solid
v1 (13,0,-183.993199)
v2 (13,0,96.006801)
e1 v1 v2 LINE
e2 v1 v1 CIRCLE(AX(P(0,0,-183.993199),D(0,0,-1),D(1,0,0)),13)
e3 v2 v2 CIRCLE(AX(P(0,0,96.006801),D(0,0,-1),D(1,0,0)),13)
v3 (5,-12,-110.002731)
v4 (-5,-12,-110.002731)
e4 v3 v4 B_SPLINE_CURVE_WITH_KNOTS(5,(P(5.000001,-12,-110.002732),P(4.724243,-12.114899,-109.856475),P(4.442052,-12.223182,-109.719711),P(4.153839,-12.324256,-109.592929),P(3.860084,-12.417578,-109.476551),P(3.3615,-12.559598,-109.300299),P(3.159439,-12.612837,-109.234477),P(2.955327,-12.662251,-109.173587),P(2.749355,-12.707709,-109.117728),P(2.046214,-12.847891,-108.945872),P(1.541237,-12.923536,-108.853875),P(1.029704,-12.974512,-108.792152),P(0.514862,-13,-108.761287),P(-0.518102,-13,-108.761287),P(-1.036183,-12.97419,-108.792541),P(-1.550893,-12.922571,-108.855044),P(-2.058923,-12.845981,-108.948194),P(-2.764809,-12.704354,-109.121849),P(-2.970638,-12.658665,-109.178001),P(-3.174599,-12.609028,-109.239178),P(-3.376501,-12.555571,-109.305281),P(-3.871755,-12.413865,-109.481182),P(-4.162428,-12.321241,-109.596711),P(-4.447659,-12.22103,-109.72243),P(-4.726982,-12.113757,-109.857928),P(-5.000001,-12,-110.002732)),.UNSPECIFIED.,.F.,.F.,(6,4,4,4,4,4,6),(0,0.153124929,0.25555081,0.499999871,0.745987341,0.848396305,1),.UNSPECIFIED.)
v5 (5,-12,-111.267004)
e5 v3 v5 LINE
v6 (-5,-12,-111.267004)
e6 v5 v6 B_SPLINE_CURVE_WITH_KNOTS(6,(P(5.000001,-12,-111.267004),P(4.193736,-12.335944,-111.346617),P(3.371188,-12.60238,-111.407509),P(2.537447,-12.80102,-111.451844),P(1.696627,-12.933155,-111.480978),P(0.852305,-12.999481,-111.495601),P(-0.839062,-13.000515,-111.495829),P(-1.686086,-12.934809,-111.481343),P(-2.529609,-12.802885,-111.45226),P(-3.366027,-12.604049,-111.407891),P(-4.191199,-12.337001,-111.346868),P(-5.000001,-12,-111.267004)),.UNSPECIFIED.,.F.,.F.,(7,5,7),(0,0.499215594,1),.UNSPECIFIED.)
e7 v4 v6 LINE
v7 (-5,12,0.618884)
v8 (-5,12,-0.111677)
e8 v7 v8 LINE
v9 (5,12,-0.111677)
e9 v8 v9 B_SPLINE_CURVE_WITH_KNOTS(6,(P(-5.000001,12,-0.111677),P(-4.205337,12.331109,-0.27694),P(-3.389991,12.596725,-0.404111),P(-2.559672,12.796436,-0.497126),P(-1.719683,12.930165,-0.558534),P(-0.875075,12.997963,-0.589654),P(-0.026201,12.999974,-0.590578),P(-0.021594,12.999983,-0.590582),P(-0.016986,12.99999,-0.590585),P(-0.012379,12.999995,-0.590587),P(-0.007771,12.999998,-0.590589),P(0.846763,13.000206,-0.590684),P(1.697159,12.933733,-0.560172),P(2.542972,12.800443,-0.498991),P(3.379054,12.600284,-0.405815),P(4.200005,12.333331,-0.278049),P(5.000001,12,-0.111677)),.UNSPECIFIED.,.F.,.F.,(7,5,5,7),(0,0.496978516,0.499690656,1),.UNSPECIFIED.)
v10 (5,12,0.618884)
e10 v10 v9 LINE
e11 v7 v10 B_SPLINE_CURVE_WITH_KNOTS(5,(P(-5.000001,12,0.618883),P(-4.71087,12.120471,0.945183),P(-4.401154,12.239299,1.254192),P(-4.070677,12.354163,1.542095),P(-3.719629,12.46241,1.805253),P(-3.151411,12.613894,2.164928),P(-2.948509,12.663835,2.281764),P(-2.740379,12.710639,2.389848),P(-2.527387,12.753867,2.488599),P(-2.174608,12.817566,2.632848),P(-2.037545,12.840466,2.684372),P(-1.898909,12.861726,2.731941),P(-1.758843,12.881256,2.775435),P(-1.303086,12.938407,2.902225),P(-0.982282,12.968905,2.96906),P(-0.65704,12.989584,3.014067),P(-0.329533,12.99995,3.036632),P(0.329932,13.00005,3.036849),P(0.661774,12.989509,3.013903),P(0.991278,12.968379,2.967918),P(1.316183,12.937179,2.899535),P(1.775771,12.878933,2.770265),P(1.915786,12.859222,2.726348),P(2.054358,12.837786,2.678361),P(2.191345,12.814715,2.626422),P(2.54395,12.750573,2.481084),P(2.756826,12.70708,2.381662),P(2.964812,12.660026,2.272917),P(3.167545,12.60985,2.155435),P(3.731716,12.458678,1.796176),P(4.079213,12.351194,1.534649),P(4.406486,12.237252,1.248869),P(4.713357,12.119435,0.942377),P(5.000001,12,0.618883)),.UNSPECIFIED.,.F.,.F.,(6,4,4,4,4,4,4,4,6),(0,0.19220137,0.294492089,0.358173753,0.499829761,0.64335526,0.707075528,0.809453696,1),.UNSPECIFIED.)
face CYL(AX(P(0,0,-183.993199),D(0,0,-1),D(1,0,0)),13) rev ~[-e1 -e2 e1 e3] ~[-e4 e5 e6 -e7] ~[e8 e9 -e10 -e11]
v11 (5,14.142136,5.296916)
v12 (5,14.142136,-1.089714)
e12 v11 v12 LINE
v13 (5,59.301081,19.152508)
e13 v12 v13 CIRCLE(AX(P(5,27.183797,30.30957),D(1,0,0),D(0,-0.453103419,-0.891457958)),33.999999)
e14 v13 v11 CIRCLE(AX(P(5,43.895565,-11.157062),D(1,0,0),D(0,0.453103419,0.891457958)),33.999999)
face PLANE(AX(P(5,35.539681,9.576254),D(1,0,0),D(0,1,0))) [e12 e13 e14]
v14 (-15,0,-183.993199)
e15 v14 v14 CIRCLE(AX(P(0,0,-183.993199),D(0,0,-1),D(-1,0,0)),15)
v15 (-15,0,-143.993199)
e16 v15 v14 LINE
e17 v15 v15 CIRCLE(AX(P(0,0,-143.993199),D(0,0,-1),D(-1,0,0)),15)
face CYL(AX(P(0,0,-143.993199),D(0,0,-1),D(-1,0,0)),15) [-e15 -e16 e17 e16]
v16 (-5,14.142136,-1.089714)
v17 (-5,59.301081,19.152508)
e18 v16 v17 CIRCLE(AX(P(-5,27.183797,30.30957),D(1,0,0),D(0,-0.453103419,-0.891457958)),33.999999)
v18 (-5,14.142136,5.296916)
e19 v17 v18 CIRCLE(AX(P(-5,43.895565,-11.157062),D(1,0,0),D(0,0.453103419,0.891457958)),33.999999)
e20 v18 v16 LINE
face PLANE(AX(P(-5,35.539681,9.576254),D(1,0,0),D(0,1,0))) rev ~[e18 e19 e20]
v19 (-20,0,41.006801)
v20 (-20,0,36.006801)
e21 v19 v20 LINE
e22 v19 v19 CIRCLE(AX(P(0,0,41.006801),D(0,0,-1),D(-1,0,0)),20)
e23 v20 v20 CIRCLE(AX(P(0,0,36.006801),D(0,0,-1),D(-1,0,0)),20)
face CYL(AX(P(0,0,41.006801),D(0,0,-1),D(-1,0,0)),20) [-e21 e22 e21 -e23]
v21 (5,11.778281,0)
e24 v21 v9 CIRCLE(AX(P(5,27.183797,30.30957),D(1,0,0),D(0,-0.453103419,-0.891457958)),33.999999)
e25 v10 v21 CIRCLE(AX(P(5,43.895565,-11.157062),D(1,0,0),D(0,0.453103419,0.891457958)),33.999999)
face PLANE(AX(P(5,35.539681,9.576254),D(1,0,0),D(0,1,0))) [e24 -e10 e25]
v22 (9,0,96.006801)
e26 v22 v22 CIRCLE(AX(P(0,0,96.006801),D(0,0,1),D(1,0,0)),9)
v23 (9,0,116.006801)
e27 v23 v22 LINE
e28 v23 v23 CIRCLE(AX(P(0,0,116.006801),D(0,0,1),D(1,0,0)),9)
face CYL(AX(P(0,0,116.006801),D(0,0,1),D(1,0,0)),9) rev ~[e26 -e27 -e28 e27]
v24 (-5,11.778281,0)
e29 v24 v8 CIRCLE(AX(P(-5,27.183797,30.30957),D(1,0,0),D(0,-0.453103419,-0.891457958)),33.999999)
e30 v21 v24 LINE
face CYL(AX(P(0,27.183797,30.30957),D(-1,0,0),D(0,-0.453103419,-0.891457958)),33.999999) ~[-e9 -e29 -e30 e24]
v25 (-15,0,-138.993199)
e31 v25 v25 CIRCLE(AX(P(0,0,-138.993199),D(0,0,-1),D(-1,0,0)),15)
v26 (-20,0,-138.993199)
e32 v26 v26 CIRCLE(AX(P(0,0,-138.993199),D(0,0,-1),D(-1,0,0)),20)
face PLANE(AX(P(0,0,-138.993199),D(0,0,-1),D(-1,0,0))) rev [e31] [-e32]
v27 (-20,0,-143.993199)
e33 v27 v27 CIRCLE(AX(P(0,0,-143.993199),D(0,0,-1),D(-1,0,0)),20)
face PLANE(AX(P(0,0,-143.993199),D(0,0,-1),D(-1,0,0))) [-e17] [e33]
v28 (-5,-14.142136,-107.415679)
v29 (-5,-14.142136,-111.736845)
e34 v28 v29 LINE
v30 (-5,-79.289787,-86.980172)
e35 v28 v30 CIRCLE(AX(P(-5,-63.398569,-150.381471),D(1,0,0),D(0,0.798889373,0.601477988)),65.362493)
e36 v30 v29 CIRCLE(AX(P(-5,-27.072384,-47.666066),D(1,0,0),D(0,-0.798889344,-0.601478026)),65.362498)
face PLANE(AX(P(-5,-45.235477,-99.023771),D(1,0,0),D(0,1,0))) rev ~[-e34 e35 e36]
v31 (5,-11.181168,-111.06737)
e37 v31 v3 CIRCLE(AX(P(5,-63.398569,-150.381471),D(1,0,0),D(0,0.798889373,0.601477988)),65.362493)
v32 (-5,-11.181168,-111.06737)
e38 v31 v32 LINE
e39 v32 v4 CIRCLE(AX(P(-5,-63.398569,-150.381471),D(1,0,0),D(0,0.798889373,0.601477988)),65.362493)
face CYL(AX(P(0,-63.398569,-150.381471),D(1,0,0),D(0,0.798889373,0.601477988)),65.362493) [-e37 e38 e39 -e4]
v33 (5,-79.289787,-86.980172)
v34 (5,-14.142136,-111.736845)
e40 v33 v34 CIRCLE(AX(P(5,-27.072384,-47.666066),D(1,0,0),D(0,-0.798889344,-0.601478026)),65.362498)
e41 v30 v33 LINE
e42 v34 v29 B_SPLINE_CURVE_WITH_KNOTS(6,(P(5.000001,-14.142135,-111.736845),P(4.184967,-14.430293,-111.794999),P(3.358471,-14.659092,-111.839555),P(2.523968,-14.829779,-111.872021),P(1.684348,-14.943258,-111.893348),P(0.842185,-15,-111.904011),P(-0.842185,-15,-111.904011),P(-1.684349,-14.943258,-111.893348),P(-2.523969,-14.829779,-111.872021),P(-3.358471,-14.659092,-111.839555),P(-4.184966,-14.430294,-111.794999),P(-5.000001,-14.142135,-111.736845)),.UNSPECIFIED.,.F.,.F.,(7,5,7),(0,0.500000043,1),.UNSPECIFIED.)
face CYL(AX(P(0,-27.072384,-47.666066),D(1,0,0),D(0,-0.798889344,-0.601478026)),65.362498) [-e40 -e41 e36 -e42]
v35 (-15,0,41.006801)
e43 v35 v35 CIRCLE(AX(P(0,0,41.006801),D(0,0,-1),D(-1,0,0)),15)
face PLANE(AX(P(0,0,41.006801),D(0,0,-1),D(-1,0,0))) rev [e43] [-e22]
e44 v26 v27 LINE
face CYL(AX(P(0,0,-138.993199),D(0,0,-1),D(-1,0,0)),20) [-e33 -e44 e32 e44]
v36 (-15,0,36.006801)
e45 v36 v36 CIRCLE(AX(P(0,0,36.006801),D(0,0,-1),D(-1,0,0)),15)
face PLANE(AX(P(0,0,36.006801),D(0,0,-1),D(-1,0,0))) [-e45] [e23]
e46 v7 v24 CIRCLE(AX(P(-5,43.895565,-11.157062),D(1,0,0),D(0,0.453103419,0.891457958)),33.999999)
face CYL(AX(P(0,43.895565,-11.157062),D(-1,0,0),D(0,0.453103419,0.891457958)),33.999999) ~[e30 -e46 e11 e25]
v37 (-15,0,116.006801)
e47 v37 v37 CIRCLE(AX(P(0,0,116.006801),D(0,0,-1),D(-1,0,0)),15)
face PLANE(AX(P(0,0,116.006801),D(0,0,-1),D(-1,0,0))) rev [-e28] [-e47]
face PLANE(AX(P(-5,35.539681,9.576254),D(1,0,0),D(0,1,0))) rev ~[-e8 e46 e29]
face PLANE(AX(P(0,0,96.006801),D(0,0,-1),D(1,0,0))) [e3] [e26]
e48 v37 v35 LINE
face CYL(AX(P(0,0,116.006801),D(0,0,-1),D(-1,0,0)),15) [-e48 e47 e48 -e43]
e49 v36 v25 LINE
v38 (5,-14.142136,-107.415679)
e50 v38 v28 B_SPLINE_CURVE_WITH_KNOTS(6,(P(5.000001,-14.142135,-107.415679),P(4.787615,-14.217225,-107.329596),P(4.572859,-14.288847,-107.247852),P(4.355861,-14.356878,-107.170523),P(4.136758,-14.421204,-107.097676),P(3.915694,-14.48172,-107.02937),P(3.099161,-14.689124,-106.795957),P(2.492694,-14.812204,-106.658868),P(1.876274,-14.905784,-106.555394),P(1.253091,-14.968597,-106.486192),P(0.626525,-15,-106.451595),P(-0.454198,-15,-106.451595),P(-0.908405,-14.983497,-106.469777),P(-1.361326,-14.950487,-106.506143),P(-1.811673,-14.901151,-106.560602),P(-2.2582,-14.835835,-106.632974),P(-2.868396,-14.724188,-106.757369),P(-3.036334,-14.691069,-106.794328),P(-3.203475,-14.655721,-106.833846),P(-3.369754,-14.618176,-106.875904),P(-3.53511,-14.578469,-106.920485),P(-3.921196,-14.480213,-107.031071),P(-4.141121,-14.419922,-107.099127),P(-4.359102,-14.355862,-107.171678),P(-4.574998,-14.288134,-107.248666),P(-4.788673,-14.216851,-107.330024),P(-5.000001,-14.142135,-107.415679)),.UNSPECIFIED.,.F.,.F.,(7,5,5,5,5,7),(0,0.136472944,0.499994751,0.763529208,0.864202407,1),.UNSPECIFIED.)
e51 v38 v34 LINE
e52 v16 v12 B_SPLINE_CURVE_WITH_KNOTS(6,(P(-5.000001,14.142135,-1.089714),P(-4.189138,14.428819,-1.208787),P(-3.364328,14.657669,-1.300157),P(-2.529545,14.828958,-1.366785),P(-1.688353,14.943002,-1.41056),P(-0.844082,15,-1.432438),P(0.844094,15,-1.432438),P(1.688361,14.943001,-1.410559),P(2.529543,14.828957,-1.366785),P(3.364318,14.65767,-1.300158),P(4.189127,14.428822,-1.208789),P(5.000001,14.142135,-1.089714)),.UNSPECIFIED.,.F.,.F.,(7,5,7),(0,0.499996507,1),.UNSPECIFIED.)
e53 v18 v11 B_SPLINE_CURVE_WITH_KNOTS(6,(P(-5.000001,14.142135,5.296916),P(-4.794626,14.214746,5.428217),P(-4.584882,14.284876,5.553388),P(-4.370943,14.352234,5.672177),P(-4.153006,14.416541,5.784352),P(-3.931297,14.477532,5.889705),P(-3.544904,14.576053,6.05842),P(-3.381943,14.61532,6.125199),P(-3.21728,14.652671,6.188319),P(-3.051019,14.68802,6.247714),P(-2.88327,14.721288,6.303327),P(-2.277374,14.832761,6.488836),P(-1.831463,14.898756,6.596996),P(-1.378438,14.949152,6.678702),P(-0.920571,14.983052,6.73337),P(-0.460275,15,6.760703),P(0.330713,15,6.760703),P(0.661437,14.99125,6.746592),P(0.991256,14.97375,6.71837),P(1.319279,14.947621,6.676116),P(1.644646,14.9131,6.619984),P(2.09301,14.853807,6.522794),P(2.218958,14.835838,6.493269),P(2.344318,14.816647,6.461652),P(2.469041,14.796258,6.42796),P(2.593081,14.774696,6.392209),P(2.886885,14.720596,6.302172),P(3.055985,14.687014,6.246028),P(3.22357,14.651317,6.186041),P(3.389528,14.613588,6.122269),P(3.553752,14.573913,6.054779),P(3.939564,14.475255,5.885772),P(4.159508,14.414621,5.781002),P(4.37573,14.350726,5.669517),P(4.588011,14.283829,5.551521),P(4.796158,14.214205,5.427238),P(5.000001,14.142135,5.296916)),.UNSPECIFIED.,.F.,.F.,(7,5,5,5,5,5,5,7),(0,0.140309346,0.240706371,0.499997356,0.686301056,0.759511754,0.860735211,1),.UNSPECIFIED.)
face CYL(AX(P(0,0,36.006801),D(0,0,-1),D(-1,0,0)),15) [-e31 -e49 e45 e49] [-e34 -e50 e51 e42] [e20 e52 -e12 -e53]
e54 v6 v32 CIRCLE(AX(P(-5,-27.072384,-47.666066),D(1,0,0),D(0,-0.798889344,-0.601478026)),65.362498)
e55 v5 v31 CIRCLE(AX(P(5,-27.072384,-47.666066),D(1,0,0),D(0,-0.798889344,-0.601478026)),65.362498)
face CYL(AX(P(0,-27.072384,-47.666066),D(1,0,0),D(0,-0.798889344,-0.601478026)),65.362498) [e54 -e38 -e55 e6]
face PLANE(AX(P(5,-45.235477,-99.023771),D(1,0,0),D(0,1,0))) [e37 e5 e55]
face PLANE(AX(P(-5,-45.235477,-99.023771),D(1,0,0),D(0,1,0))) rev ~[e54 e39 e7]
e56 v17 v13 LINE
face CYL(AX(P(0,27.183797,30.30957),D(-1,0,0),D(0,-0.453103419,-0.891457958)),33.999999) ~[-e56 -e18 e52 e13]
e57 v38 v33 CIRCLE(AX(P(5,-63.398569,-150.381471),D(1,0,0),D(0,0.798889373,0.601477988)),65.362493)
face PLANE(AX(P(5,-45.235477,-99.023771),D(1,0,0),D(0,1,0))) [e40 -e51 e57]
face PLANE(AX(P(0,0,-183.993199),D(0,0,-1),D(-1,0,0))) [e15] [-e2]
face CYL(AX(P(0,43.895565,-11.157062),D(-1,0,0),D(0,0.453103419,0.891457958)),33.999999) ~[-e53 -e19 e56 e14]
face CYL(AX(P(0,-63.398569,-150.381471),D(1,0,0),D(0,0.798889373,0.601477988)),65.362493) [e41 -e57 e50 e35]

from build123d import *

# Parameters (mm, degrees)
F2_R     = 13
F3_DEPTH = 280
F4_R     = 9
F5_DEPTH = 25
F7_DEPTH = 5


with BuildPart() as f1:
    # F0 (on Front) → F1 (revolve)
    with BuildSketch(Plane.XZ):
        Polygon((0, 41.006801), (0, 116.006801), (-15, 116.006801), (-15, 41.006801), (-20, 41.006801), (-20, 36.006801), (-15, 36.006801), (-15, -138.993199), (-20, -138.993199), (-20, -143.993199), (-15, -143.993199), (-15, -183.993199), (0, -183.993199), (0, -143.993199), (0, -138.993199), (0, 36.006801), align=None)
    revolve(axis=Axis((0, 0, -33.993199), (0, 0, -1)))

    # F2 (on face) → F3 (cut)
    with BuildSketch(Plane(origin=(0, 0, -183.993199), x_dir=(1, 0, 0), z_dir=(0, 0, -1))):
        Circle(F2_R)
    extrude(amount=-F3_DEPTH, mode=Mode.SUBTRACT)

    # F4 (on face) → F5 (cut)
    with BuildSketch(Plane.XY.offset(116.006801)):
        Circle(F4_R)
    extrude(amount=-F5_DEPTH, mode=Mode.SUBTRACT)

    # F6 (on Right) → F7 (join, symmetric)
    with BuildSketch(Plane.YZ):
        with BuildLine():
            ThreePointArc((11.778281, 0), (39.893063, -1.22572), (59.301081, 19.152508))
            ThreePointArc((59.301081, 19.152508), (31.186299, 20.378228), (11.778281, 0))
        make_face()
        with BuildLine():
            ThreePointArc((-11.181168, -111.06737), (-41.605309, -88.759159), (-79.289787, -86.980172))
            ThreePointArc((-79.289787, -86.980172), (-48.865646, -109.288382), (-11.181168, -111.06737))
        make_face()
    extrude(amount=F7_DEPTH, both=True)


solid = f1.part
